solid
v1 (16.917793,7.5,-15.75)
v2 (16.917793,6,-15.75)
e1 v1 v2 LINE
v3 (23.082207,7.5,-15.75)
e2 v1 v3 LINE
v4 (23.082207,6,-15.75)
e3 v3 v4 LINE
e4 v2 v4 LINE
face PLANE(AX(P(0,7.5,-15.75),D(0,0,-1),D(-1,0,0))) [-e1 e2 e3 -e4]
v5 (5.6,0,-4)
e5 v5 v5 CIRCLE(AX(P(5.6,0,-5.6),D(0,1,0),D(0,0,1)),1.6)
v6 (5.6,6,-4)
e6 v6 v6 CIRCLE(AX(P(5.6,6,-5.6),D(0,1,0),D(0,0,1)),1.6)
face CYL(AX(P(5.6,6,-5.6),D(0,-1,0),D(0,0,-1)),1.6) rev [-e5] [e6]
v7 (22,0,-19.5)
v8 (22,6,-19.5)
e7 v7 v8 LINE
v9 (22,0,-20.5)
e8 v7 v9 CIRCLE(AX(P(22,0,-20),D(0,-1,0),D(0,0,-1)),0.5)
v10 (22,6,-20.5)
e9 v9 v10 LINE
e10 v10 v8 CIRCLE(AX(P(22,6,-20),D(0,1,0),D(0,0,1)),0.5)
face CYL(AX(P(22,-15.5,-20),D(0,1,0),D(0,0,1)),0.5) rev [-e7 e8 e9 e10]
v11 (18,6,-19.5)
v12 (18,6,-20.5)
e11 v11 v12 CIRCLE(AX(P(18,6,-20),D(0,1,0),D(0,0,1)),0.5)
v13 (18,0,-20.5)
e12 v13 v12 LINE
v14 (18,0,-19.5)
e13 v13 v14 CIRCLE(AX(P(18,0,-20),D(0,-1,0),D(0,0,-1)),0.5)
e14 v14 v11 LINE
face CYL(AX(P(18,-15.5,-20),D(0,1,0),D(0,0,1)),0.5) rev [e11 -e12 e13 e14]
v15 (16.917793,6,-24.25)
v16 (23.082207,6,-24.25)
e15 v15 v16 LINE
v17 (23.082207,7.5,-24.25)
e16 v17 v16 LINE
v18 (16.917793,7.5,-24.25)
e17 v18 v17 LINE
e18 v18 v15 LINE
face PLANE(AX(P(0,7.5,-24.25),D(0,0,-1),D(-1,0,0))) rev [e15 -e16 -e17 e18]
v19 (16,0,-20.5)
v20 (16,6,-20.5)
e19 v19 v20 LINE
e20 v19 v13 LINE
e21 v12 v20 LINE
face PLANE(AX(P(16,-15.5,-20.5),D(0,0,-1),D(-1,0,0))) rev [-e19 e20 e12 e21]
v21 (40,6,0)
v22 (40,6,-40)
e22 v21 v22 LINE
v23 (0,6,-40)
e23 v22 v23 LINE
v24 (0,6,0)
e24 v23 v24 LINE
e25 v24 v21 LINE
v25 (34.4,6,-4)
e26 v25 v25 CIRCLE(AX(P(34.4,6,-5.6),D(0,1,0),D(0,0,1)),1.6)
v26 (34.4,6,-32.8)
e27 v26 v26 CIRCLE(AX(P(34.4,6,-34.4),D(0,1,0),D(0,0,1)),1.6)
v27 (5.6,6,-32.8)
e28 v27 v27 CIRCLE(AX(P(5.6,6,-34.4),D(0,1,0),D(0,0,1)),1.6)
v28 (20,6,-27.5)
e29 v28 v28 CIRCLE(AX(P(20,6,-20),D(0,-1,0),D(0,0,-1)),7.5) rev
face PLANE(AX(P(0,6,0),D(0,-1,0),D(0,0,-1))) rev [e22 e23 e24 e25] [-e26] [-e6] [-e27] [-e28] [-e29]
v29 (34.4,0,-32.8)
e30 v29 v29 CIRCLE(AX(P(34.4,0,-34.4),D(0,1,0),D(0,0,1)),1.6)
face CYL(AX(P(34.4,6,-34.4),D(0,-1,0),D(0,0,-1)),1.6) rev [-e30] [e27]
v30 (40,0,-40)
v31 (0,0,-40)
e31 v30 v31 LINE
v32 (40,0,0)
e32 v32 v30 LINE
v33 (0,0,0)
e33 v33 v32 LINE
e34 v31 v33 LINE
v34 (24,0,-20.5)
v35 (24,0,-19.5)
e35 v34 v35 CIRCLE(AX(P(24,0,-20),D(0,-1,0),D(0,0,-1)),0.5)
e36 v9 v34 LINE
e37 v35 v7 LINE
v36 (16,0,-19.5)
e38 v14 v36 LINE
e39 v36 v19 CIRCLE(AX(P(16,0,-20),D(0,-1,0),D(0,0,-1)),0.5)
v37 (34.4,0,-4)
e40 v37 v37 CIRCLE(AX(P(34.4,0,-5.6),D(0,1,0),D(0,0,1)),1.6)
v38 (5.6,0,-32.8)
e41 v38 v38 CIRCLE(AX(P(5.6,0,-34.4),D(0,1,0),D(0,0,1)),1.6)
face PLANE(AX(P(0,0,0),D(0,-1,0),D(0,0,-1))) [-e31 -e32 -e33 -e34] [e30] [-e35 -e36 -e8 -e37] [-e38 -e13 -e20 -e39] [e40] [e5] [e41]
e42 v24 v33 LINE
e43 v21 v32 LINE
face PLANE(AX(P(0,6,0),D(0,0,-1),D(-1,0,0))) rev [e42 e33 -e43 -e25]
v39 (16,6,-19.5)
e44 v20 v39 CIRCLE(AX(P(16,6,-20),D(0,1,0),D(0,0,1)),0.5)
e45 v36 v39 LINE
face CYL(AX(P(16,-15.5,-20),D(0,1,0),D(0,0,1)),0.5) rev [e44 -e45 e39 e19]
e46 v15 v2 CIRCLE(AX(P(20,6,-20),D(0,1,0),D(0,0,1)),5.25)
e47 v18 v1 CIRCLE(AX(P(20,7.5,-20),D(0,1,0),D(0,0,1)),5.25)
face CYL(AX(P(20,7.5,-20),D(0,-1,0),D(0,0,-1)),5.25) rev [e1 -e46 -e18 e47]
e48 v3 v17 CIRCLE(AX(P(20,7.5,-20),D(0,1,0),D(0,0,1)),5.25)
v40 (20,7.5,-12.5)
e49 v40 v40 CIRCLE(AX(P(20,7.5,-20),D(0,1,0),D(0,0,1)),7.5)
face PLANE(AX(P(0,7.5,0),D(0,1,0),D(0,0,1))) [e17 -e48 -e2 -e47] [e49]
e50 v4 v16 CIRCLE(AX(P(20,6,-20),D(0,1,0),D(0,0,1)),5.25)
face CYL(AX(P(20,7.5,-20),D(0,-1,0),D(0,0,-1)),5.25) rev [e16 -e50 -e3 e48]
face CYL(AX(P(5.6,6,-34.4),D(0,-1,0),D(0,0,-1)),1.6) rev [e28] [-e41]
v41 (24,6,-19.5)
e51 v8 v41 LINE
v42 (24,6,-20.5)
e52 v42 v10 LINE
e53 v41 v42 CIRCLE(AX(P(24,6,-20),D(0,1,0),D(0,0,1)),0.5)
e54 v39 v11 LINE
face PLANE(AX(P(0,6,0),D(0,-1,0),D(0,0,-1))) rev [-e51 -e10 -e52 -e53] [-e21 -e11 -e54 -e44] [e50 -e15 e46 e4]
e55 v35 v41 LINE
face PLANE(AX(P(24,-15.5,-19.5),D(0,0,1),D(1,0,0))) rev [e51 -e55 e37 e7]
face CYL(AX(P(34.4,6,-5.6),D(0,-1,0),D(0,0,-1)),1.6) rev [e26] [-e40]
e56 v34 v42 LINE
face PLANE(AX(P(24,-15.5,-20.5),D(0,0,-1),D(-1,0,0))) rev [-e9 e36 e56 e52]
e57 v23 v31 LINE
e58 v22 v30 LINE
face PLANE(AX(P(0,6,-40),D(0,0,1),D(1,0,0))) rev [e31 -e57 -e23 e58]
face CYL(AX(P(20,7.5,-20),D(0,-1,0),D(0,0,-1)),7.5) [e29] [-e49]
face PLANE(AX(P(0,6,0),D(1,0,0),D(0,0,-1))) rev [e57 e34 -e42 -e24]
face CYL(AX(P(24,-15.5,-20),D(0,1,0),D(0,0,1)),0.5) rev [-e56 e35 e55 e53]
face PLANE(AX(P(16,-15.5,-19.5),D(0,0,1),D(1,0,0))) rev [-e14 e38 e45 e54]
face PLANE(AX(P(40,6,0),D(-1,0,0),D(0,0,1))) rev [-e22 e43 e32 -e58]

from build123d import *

# Parameters (mm, degrees)
SKETCH1_W           = 40
SKETCH1_H           = 40
SKETCH1_R           = 1.6
BOSS_EXTRUDE1_DEPTH = 6
SKETCH2_R           = 7.5
SKETCH2_R_2         = 5.25
BOSS_EXTRUDE2_DEPTH = 1.5
CUT_EXTRUDE1_DEPTH  = 21.5


with BuildPart() as part:
    # Sketch1 → Boss-Extrude1 (new body)
    with BuildSketch(Plane(origin=(0, 0, 0), x_dir=(1, 0, 0), z_dir=(0, 1, 0))):
        with Locations((20, 20)):
            Rectangle(SKETCH1_W, SKETCH1_H)
        with Locations(Location((5.6, 34.4, 0), (0, 0, 270))):
            Circle(SKETCH1_R, mode=Mode.SUBTRACT)
        with Locations(Location((5.6, 5.6, 0), (0, 0, 270))):
            Circle(SKETCH1_R, mode=Mode.SUBTRACT)
        with Locations(Location((34.4, 34.4, 0), (0, 0, 270))):
            Circle(SKETCH1_R, mode=Mode.SUBTRACT)
        with Locations(Location((34.4, 5.6, 0), (0, 0, 270))):
            Circle(SKETCH1_R, mode=Mode.SUBTRACT)
    extrude(amount=BOSS_EXTRUDE1_DEPTH)

    # Sketch2 → Boss-Extrude2 (add)
    # profile 1 of 3: a face of its own
    with BuildSketch(Plane(origin=(0, 6, 0), x_dir=(1, 0, 0), z_dir=(0, 1, 0))):
        with Locations(Location((20, 20, 0), (0, 0, 90))):
            Circle(SKETCH2_R)
        with Locations((20, 20)):
            Circle(SKETCH2_R_2, mode=Mode.SUBTRACT)
    # profile 2 of 3: a face of its own
    with BuildSketch(Plane(origin=(0, 6, 0), x_dir=(1, 0, 0), z_dir=(0, 1, 0))):
        with BuildLine():
            ThreePointArc((23.082207001, 24.25), (20, 25.25), (16.917792999, 24.25))
            Line((16.917792999, 24.25), (23.082207001, 24.25))
        make_face()
    # profile 3 of 3: a face of its own
    with BuildSketch(Plane(origin=(0, 6, 0), x_dir=(1, 0, 0), z_dir=(0, 1, 0))):
        with BuildLine():
            Line((23.082207001, 15.75), (16.917792999, 15.75))
            ThreePointArc((16.917792999, 15.75), (20, 14.75), (23.082207001, 15.75))
        make_face()
    extrude(amount=BOSS_EXTRUDE2_DEPTH)

    # Sketch4 → Cut-Extrude1 (cut)
    with BuildSketch(Plane(origin=(0, 6, 0), x_dir=(1, 0, 0), z_dir=(0, 1, 0))):
        with BuildLine():
            Line((16, 20.5), (18, 20.5))
            ThreePointArc((18, 20.5), (18.5, 20), (18, 19.5))
            Line((18, 19.5), (16, 19.5))
            ThreePointArc((16, 19.5), (15.5, 20), (16, 20.5))
        make_face()
        with BuildLine():
            Line((24, 19.5), (22, 19.5))
            ThreePointArc((22, 19.5), (21.5, 20), (22, 20.5))
            Line((22, 20.5), (24, 20.5))
            ThreePointArc((24, 20.5), (24.5, 20), (24, 19.5))
        make_face()
    extrude(amount=-CUT_EXTRUDE1_DEPTH, mode=Mode.SUBTRACT)


solid = part.part
